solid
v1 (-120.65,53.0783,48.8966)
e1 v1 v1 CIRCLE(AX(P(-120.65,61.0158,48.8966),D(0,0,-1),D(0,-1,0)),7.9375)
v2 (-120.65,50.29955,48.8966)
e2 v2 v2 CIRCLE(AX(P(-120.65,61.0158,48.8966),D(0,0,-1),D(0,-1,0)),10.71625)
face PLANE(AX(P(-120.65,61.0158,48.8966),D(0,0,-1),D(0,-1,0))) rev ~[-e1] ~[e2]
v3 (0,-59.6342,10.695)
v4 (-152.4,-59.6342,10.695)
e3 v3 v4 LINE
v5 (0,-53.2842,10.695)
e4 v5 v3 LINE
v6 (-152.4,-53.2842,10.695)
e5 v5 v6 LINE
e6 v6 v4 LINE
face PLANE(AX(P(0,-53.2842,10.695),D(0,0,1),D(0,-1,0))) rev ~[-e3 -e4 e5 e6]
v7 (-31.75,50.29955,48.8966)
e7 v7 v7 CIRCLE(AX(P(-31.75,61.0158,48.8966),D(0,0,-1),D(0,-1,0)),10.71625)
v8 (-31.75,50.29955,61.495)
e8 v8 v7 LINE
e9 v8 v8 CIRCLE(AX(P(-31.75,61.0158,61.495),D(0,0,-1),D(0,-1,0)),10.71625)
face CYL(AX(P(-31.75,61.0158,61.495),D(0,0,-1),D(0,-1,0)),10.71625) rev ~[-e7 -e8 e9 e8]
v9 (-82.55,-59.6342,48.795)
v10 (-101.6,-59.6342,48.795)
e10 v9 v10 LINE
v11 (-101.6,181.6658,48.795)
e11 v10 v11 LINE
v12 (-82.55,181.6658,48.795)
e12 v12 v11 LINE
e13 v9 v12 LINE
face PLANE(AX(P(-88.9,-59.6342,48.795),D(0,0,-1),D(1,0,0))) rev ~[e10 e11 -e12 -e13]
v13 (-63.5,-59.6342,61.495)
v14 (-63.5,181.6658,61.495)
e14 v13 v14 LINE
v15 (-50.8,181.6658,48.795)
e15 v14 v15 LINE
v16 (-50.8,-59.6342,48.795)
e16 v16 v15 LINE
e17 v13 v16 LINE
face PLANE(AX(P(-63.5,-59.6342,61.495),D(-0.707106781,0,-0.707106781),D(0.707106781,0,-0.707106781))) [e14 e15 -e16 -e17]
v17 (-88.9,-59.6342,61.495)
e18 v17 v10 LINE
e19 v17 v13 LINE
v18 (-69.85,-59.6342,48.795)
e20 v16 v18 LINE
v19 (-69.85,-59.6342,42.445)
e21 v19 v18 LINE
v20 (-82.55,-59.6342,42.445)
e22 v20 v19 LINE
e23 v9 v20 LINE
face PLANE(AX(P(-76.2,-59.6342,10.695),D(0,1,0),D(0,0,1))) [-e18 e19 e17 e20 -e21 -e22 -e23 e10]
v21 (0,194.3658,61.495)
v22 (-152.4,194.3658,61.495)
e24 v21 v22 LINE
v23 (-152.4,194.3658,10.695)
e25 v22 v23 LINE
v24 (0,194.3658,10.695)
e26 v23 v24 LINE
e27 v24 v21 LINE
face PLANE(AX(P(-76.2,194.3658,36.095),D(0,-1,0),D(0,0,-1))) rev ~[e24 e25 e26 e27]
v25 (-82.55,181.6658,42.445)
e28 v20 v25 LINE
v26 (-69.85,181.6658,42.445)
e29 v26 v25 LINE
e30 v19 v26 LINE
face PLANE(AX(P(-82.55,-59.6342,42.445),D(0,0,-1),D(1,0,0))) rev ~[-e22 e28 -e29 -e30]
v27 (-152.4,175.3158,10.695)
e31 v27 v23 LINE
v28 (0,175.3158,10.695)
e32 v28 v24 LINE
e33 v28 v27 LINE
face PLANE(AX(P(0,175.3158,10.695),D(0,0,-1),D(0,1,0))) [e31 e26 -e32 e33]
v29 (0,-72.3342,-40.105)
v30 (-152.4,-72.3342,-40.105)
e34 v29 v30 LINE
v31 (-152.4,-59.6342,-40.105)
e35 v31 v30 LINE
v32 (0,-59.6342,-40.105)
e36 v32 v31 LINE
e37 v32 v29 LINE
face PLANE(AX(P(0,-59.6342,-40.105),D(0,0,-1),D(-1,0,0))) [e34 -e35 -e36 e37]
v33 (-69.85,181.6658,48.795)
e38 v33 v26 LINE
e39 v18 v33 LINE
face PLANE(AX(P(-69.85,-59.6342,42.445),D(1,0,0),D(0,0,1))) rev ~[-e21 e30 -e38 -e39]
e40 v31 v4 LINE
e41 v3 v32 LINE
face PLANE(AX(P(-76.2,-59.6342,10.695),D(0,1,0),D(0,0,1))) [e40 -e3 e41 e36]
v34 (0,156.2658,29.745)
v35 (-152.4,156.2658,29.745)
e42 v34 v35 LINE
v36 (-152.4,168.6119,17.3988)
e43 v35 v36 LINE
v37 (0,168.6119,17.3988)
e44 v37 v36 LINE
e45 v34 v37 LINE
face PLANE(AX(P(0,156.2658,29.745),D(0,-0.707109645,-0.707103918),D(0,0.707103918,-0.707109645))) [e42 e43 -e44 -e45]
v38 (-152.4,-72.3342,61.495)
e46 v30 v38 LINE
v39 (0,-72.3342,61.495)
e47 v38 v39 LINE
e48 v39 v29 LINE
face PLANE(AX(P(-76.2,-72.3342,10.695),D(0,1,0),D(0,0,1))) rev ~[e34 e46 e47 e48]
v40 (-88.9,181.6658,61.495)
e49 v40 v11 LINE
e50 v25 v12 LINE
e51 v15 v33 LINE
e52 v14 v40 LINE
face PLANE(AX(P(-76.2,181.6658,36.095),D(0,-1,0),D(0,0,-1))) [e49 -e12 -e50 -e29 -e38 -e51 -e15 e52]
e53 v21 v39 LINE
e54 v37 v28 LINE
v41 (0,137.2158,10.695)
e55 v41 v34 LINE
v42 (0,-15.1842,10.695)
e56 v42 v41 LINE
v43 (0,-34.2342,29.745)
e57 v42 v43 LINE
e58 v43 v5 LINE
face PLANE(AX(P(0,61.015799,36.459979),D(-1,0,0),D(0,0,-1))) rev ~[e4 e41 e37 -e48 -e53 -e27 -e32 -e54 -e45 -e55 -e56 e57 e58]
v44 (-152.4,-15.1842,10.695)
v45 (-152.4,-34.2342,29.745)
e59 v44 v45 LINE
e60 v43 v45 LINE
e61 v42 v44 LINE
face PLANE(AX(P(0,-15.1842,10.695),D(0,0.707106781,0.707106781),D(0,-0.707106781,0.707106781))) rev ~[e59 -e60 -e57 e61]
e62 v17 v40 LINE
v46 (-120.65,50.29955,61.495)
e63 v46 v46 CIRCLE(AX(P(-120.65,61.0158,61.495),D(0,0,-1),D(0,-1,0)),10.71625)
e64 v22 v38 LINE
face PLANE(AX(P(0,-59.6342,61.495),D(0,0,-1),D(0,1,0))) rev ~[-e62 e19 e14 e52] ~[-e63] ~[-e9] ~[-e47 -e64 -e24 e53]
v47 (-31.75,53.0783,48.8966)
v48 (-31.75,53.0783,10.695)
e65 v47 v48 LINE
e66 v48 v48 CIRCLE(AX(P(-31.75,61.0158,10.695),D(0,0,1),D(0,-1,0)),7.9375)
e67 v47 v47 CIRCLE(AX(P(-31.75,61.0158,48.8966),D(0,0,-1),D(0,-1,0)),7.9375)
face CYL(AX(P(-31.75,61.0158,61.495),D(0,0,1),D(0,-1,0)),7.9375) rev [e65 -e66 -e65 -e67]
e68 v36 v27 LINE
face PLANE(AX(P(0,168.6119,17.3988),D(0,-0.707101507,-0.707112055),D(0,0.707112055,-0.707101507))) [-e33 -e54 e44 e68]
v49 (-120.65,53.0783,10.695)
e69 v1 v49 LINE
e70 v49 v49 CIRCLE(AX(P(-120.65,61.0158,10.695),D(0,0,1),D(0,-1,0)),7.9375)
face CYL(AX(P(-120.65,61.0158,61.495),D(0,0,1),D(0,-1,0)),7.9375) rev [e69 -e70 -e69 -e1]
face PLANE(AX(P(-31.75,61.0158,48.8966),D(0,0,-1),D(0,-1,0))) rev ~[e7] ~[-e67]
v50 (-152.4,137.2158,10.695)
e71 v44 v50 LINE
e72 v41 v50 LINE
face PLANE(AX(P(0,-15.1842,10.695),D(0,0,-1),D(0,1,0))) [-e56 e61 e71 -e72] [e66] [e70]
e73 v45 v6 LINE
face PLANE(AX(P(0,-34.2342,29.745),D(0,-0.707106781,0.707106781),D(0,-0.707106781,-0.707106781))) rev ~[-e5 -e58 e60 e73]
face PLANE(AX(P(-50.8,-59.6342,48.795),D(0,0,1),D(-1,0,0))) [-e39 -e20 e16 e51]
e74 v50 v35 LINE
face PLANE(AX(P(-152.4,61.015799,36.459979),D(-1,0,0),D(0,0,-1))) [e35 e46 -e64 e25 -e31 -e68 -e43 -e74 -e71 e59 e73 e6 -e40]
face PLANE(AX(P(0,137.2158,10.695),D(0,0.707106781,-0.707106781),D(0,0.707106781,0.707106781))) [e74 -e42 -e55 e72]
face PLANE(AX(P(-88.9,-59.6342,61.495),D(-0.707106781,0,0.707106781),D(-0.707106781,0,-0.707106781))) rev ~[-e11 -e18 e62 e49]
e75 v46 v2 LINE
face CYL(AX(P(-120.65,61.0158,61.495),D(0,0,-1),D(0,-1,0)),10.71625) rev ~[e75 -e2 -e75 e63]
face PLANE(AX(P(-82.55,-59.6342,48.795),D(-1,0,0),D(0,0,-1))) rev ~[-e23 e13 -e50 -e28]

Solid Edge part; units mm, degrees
sketch "Sketch1" plane through (0, 0, 0) normal (1, 0, 0) x (0, 1, 0)
  line L0 (-59.6342, 10.695) -> (-59.6342, 48.795)
  line L1 (-59.6342, 48.795) -> (-59.6342, 61.495)
  line L2 (-59.6342, 61.495) -> (181.6658, 61.495)
  line L3 (181.6658, 61.495) -> (181.6658, 48.795)
  line L4 (181.6658, 10.695) -> (181.6658, 48.795)
  line L5 (175.3158, 10.695) -> (181.6658, 10.695)
  line L6 (168.6119, 17.3988) -> (175.3158, 10.695)
  line L7 (156.2658, 29.745) -> (168.6119, 17.3988)
  line L8 (137.2158, 10.695) -> (156.2658, 29.745)
  line L9 (-15.1842, 10.695) -> (137.2158, 10.695)
  line L10 (-15.1842, 10.695) -> (-34.2342, 29.745)
  line L11 (-34.2342, 29.745) -> (-53.2842, 10.695)
  line L12 (-53.2842, 10.695) -> (-59.6342, 10.695)
extrude "Protrusion1" add sketch "Sketch1" against normal blind 152.4
sketch "Sketch2" plane through (-76.2, -59.6342, 36.095) normal (0, -1, 0) x (1, 0, 0)
  line L0 (12.7, 25.4) -> (25.4, 12.7)
  line L1 (25.4, 12.7) -> (12.7, 12.7)
  line L2 (6.35, 12.7) -> (12.7, 12.7)
  line L3 (6.35, 6.35) -> (6.35, 12.7)
  line L4 (-6.35, 6.35) -> (6.35, 6.35)
  line L5 (-6.35, 12.7) -> (-6.35, 6.35)
  line L6 (-12.7, 12.7) -> (-6.35, 12.7)
  line L7 (-25.4, 12.7) -> (-12.7, 12.7)
  line L8 (-12.7, 25.4) -> (-25.4, 12.7)
  line L9 (-76.2, 25.4) -> (-12.7, 25.4)
extrude "Cutout1" cut sketch "Sketch2" against normal through all material side at (-57.1854, -59.6342, 55.1096)
sketch "Sketch3" plane through (-76.2, -59.6342, 36.095) normal (0, -1, 0) x (1, 0, 0)
  line L0 (76.2, -76.2) -> (-76.2, -76.2)
  line L1 (-76.2, -76.2) -> (-76.2, 25.4)
  line L2 (-76.2, 25.4) -> (76.2, 25.4)
  line L3 (76.2, 25.4) -> (76.2, -76.2)
extrude "ExtrudedProtrusion_2" add sketch "Sketch3" along normal blind 12.7
sketch "Sketch4" plane through (-76.2, 181.6658, 36.095) normal (0, 1, 0) x (-1, 0, 0)
  line L0 (-76.2, 25.4) -> (76.2, 25.4)
  line L1 (76.2, 25.4) -> (76.2, -25.4)
  line L2 (76.2, -25.4) -> (-76.2, -25.4)
  line L3 (-76.2, -25.4) -> (-76.2, 25.4)
extrude "ExtrudedProtrusion_3" add sketch "Sketch4" along normal blind 12.7
hole "Hole_1" at (-120.65, 61.0158, 61.495) direction (0, 0, -1) diameter 15.875 end up to next counterbore diameter 21.4325 counterbore depth 12.5984
hole "Hole1" at (-31.75, 61.0158, 61.495) direction (0, 0, -1) diameter 15.875 end up to next counterbore diameter 21.4325 counterbore depth 12.5984
